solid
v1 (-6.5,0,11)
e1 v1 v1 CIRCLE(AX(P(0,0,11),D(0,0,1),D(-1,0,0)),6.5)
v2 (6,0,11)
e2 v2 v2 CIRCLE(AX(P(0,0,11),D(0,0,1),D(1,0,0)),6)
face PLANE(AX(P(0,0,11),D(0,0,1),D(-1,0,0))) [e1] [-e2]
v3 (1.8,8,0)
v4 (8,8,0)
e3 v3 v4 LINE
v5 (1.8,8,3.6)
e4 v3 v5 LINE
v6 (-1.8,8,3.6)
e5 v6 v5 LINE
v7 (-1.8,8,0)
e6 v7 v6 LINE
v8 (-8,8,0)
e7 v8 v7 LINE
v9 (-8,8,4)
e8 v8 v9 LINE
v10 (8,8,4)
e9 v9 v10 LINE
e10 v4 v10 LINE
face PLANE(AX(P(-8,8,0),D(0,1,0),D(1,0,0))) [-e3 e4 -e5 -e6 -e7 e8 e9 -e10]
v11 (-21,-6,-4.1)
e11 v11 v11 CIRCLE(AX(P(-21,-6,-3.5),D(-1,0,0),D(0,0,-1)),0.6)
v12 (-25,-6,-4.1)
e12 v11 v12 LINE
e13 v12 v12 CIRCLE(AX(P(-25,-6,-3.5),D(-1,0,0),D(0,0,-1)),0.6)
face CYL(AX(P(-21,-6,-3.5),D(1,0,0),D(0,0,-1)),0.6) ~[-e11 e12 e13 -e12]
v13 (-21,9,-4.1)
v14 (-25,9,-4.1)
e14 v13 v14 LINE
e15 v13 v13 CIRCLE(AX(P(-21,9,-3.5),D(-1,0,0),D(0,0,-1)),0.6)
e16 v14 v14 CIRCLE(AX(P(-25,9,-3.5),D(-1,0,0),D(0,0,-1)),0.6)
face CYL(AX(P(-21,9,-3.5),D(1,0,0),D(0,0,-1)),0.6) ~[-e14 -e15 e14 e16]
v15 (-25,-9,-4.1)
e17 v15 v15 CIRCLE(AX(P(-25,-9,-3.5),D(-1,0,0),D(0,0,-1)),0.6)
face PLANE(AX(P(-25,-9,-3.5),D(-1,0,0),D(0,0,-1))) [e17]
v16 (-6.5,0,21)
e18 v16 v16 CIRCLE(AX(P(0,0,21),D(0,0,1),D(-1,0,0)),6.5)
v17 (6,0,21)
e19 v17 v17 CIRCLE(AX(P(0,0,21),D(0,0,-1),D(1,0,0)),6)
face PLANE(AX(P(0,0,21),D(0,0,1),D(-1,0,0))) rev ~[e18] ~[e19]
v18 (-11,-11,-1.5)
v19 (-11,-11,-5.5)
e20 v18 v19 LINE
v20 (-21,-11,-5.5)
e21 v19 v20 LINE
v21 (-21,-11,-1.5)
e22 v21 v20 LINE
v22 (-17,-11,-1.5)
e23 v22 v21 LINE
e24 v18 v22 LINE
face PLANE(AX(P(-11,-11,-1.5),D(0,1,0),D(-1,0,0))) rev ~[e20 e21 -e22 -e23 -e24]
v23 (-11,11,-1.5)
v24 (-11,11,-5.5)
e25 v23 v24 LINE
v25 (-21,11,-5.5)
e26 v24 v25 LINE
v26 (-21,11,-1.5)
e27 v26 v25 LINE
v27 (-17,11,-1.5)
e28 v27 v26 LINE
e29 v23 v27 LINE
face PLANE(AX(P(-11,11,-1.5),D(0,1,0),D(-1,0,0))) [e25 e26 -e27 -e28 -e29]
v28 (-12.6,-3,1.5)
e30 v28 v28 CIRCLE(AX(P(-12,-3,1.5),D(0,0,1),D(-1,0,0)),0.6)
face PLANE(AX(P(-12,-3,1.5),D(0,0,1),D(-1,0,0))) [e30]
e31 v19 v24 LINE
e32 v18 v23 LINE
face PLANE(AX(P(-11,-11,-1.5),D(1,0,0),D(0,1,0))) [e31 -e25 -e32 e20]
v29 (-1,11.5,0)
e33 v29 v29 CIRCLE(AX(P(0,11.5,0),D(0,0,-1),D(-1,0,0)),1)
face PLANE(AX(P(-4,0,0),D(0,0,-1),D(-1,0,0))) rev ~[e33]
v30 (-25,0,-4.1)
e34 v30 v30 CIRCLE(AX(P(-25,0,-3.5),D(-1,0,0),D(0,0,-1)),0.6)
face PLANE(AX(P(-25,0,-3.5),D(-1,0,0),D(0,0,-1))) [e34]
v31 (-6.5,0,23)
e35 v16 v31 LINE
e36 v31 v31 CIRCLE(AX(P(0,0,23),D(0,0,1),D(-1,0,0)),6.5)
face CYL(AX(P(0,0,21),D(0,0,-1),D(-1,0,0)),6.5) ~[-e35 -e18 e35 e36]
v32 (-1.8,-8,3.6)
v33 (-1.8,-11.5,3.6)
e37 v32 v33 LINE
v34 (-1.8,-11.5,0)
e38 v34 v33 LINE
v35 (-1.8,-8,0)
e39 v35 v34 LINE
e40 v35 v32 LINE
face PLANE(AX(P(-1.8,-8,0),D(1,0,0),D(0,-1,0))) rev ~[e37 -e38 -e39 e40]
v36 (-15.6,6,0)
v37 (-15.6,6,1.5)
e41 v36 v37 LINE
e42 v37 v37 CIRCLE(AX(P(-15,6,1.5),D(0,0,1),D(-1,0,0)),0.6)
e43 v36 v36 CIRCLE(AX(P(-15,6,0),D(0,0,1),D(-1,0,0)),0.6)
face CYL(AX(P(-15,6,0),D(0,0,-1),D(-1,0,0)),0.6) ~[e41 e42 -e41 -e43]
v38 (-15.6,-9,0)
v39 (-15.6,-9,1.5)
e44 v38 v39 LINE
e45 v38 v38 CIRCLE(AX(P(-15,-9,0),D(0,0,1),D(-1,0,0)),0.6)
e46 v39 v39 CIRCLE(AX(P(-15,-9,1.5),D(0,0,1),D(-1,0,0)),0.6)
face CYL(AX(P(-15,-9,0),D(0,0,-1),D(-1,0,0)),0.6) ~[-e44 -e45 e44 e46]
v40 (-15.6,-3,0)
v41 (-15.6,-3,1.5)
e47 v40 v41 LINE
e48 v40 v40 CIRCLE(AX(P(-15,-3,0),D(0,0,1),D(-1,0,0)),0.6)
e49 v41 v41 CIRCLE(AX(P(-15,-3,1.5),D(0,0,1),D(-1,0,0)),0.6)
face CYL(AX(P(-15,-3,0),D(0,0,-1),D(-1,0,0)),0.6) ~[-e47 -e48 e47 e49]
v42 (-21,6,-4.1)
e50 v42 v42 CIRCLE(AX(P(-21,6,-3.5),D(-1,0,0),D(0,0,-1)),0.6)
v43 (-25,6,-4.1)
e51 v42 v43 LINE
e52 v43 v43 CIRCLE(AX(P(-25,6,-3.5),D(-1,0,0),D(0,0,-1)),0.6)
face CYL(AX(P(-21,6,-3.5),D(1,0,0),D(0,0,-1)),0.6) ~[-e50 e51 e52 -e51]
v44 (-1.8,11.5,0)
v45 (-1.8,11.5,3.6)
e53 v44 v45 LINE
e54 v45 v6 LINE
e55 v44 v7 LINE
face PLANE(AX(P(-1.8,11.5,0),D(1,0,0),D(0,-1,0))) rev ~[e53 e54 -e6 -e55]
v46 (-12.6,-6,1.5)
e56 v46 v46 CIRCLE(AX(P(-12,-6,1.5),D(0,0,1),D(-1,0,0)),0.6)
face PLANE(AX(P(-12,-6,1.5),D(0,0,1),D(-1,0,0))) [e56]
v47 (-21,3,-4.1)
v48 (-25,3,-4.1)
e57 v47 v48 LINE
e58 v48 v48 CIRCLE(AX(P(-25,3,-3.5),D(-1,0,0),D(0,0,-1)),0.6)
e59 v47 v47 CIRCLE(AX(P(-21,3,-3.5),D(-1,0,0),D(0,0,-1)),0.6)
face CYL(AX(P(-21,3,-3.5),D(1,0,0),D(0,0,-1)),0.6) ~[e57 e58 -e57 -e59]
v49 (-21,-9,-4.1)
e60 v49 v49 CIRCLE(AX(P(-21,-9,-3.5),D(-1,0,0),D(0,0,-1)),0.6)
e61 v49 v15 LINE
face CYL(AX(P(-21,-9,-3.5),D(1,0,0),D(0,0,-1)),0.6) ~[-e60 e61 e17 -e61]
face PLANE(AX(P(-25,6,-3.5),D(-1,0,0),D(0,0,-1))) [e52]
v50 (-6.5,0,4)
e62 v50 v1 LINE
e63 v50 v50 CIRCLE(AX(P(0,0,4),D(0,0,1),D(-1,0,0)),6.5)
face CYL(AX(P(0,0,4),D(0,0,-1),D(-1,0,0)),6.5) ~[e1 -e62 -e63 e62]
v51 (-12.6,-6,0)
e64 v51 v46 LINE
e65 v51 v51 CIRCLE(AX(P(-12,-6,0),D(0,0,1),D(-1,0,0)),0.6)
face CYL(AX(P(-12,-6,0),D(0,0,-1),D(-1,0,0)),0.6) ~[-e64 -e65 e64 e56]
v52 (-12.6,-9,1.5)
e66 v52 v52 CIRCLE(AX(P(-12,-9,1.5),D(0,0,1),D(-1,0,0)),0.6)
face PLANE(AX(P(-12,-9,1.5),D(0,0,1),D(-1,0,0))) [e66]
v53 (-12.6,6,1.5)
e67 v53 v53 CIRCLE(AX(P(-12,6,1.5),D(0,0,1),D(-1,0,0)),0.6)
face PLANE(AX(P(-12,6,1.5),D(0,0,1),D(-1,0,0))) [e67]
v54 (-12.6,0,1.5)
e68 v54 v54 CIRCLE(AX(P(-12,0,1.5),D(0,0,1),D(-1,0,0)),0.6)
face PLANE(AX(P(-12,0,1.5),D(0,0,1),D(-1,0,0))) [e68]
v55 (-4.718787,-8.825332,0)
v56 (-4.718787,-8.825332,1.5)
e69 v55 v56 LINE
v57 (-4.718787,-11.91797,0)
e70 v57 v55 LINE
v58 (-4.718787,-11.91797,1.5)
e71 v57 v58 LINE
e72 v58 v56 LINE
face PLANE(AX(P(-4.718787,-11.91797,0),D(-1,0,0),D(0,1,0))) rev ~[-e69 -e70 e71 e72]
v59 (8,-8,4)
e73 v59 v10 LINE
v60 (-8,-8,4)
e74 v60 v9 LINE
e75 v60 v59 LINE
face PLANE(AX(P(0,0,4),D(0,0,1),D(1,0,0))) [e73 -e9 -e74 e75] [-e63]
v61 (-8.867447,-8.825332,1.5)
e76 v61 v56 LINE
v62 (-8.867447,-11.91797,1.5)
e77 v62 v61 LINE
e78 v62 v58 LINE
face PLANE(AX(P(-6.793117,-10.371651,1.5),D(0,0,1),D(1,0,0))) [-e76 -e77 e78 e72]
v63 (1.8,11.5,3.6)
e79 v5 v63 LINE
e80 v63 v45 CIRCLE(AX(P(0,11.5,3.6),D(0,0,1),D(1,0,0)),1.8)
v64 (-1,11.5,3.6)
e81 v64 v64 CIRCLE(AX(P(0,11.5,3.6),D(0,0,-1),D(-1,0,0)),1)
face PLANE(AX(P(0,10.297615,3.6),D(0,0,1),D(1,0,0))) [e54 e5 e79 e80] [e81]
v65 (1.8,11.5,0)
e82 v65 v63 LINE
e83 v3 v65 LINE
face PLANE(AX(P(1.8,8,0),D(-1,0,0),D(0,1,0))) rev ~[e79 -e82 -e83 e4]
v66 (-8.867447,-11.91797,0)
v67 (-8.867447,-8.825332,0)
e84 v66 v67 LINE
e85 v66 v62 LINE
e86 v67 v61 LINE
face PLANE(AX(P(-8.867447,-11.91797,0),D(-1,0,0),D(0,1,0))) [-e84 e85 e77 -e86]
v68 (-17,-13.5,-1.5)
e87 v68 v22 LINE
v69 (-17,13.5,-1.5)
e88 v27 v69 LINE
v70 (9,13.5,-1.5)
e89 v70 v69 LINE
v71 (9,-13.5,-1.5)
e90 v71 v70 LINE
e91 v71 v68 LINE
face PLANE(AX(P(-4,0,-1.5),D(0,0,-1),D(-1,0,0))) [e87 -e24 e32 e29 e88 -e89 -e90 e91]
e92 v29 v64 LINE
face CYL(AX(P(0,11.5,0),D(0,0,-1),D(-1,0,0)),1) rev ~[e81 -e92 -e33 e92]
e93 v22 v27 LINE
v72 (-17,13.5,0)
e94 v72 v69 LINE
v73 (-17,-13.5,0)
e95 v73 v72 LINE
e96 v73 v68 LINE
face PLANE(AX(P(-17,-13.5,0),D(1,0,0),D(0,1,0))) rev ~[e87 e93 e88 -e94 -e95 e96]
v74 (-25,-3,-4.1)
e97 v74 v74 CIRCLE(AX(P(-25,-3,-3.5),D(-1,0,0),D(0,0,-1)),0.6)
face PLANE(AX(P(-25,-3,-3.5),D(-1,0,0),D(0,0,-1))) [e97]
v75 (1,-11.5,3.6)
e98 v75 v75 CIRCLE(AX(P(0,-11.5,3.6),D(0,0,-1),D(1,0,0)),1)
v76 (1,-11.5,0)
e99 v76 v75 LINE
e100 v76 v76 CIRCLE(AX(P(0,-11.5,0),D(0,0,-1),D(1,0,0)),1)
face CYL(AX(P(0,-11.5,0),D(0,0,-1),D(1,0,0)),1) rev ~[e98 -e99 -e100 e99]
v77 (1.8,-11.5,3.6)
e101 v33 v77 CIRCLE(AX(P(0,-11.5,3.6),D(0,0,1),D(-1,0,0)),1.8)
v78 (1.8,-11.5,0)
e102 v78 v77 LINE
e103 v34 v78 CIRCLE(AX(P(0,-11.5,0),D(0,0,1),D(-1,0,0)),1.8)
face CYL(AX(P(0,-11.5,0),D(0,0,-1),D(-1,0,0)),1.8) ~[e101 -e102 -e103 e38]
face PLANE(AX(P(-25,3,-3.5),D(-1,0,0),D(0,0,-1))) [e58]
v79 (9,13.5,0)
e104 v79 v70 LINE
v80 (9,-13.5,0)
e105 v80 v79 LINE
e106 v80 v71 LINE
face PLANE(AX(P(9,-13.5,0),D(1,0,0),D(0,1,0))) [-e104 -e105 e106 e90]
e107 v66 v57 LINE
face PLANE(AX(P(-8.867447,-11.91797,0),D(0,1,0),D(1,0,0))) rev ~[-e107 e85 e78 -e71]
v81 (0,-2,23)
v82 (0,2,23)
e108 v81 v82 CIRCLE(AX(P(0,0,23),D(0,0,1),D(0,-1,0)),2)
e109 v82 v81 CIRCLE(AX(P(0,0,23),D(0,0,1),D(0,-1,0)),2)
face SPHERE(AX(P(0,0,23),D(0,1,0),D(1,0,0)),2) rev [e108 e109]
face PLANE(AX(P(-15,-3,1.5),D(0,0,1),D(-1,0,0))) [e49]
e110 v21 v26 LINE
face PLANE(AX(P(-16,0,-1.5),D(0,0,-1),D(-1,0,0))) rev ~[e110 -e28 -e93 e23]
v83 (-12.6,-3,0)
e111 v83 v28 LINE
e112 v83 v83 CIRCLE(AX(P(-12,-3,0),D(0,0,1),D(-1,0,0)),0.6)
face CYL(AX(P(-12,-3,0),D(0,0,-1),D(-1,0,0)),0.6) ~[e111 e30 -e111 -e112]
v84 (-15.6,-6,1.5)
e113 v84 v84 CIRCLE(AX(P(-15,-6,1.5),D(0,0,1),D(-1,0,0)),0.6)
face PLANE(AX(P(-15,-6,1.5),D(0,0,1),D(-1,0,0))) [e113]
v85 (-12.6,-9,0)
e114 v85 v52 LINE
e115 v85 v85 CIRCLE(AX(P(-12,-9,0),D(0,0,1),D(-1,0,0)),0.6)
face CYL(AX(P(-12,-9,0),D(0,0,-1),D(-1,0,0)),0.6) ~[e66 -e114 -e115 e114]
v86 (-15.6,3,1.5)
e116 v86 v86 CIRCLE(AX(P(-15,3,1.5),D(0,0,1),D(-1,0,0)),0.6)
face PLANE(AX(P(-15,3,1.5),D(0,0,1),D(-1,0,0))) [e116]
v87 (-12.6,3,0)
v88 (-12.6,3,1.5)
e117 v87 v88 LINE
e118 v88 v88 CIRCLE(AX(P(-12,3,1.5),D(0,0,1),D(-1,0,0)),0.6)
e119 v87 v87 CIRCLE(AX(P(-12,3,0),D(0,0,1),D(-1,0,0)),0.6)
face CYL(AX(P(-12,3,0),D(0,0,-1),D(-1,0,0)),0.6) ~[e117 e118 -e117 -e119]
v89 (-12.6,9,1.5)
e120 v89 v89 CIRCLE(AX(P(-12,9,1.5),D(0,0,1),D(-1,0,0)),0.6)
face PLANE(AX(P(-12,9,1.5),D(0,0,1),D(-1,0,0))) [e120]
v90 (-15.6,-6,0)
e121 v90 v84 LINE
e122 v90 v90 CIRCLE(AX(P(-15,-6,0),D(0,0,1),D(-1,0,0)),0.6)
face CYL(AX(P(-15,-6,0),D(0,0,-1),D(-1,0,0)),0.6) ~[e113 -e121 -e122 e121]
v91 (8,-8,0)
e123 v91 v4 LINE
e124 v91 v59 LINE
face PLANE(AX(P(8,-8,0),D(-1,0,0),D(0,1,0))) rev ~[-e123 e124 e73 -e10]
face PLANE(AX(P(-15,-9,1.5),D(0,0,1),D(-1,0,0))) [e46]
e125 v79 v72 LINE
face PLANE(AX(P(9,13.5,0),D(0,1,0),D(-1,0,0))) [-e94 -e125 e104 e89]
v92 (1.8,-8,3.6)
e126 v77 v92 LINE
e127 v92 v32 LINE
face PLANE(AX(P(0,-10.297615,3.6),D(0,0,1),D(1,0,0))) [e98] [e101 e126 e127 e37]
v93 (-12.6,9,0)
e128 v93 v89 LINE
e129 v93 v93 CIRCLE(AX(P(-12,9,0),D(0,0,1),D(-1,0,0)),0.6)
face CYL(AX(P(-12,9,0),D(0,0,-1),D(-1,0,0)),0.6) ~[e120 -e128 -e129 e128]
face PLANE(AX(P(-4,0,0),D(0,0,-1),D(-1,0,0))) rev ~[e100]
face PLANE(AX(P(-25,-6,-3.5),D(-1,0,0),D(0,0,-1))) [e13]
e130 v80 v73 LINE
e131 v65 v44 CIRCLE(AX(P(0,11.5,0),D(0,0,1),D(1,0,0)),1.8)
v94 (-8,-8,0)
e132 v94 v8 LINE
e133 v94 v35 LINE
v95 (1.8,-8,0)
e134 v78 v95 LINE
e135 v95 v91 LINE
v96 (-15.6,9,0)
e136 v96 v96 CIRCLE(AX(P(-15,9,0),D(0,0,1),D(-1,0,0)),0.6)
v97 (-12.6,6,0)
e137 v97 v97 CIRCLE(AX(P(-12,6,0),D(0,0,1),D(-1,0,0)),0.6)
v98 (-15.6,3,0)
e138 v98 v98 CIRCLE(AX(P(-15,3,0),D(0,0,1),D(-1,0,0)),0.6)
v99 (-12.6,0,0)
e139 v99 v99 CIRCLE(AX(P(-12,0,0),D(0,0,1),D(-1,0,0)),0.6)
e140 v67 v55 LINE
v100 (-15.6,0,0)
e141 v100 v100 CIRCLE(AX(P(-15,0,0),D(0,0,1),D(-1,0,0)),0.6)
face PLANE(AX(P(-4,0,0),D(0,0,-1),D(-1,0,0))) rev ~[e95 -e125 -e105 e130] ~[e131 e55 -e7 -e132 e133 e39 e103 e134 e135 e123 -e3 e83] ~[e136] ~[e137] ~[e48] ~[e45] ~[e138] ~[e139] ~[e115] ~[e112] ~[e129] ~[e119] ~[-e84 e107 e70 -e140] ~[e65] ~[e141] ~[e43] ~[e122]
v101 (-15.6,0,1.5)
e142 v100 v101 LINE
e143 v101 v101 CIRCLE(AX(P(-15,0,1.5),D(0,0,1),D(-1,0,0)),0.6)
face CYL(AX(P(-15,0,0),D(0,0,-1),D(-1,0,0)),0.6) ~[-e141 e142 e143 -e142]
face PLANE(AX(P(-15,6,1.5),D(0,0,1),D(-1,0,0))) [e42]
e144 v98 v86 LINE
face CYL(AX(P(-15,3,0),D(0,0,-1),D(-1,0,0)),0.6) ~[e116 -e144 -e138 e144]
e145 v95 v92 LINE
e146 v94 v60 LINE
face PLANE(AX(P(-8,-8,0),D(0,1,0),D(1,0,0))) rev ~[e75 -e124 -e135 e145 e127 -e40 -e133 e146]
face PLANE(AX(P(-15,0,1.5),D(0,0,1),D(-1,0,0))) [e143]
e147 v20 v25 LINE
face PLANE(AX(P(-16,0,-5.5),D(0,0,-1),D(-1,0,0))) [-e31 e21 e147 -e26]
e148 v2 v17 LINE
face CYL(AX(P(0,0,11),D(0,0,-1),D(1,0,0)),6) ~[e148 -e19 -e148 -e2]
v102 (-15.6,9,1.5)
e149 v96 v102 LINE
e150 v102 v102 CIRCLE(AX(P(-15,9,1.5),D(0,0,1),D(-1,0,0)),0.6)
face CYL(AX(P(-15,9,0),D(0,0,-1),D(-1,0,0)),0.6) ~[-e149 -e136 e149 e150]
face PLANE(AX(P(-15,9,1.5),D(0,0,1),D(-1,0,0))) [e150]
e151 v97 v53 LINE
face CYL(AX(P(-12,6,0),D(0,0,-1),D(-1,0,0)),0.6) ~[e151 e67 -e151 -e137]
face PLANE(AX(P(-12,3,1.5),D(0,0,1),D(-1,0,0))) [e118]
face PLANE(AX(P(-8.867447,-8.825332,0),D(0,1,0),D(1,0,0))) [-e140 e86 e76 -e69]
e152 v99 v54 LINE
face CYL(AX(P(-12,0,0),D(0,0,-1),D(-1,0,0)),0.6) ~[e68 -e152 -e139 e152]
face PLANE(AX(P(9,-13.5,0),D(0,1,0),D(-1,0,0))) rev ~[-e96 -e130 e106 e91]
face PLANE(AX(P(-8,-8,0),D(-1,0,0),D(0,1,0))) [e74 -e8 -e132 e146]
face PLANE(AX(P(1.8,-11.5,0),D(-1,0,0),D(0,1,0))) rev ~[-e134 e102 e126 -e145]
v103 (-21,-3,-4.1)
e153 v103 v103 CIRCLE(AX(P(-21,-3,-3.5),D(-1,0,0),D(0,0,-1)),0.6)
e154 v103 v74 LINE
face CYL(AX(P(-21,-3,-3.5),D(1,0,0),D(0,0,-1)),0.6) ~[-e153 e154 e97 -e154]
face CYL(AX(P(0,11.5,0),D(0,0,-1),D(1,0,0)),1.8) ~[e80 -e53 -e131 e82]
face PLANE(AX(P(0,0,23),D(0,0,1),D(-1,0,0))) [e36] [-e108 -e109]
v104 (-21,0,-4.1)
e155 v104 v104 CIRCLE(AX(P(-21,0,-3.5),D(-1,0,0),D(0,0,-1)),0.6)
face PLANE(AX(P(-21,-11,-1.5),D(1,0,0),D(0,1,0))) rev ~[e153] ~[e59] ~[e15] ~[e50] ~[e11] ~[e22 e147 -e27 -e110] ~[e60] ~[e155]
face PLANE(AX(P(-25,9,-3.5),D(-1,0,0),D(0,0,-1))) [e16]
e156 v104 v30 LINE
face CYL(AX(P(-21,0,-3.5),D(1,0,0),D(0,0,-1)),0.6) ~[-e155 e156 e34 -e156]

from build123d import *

# Parameters (mm, degrees)
SKETCH_1_W       = 16
SKETCH_1_H       = 16
EXTRUDE_1_DEPTH  = 4
SKETCH_2_R       = 6.5
EXTRUDE_2_DEPTH  = 7
SKETCH_3_R       = 6
EXTRUDE_3_DEPTH  = 12
EXTRUDE_START    = -2
SKETCH_4_R       = 6.5
EXTRUDE_4_DEPTH  = 2
SKETCH_6_R       = 1
EXTRUDE_5_DEPTH  = 3.6
SKETCH_7_W       = 26
SKETCH_7_H       = 27
EXTRUDE_6_DEPTH  = 1.5
SKETCH_8_W       = 10
SKETCH_8_H       = 22
EXTRUDE_7_DEPTH  = 4
SKETCH_9_R       = 0.6
EXTRUDE_8_DEPTH  = 4
SKETCH_10_R      = 0.6
EXTRUDE_9_DEPTH  = 1.5
SKETCH_11_W      = 4.148660329
SKETCH_11_H      = 3.0926377
EXTRUDE_10_DEPTH = 1.5


with BuildPart() as part:
    # 草图1 → 凸台-拉伸1 (new body)
    with BuildSketch(Plane.XY):
        Rectangle(SKETCH_1_W, SKETCH_1_H)
    extrude(amount=EXTRUDE_1_DEPTH)

    # 草图2 → 凸台-拉伸2 (add)
    with BuildSketch(Plane.XY.offset(4)):
        with Locations(Location((0, 0, 0), (0, 0, 180))):
            Circle(SKETCH_2_R)
    extrude(amount=EXTRUDE_2_DEPTH)

    # 草图3 → 凸台-拉伸3 (add)
    with BuildSketch(Plane.XY.offset(11)):
        Circle(SKETCH_3_R)
    extrude(amount=EXTRUDE_3_DEPTH)

    # 草图4 → 凸台-拉伸4 (add)
    with BuildSketch(Plane.XY.offset(23).offset(EXTRUDE_START)):
        with Locations(Location((0, 0, 0), (0, 0, 180))):
            Circle(SKETCH_4_R)
    extrude(amount=EXTRUDE_4_DEPTH)

    # 草图5 → 切除-旋转2 (revolve, cut)
    with BuildSketch(Plane.XY.offset(23)):
        with BuildLine():
            Line((0, 2), (0, -2))
            ThreePointArc((0, -2), (2, 0), (0, 2))
        make_face()
    revolve(axis=Axis((0, 2, 23), (0, -1, 0)), mode=Mode.SUBTRACT)

    # 草图6 → 凸台-拉伸5 (add)
    # profile 1 of 2: a face of its own
    with BuildSketch(Plane(origin=(0, 0, 0), x_dir=(-1, 0, 0), z_dir=(0, 0, -1))):
        with BuildLine():
            Line((-1.8, 8), (-1.8, 11.5))
            ThreePointArc((-1.8, 11.5), (0, 13.3), (1.8, 11.5))
            Line((1.8, 11.5), (1.8, 8))
            Line((1.8, 8), (-1.8, 8))
        make_face()
        with Locations((0, 11.5)):
            Circle(SKETCH_6_R, mode=Mode.SUBTRACT)
    # profile 2 of 2: a face of its own
    with BuildSketch(Plane(origin=(0, 0, 0), x_dir=(-1, 0, 0), z_dir=(0, 0, -1))):
        with BuildLine():
            Line((-1.8, -8), (1.8, -8))
            Line((1.8, -8), (1.8, -11.5))
            ThreePointArc((1.8, -11.5), (0, -13.3), (-1.8, -11.5))
            Line((-1.8, -11.5), (-1.8, -8))
        make_face()
        with Locations(Location((0, -11.5, 0), (0, 0, 180))):
            Circle(SKETCH_6_R, mode=Mode.SUBTRACT)
    extrude(amount=-EXTRUDE_5_DEPTH)

    # 草图7 → 凸台-拉伸6 (add)
    with BuildSketch(Plane(origin=(0, 0, 0), x_dir=(-1, 0, 0), z_dir=(0, 0, -1))):
        with Locations((4, 0)):
            Rectangle(SKETCH_7_W, SKETCH_7_H)
    extrude(amount=EXTRUDE_6_DEPTH)

    # 草图8 → 凸台-拉伸7 (add)
    with BuildSketch(Plane(origin=(0, 0, -1.5), x_dir=(-1, 0, 0), z_dir=(0, 0, -1))):
        with Locations((16, 0)):
            Rectangle(SKETCH_8_W, SKETCH_8_H)
    extrude(amount=EXTRUDE_7_DEPTH)

    # 草图9 → 凸台-拉伸8 (add)
    with BuildSketch(Plane.ZY.offset(21)):
        with Locations(Location((-3.5, 0, 0), (0, 0, 180))):
            Circle(SKETCH_9_R)
        with Locations(Location((-3.5, 3, 0), (0, 0, 180))):
            Circle(SKETCH_9_R)
        with Locations(Location((-3.5, 6, 0), (0, 0, 180))):
            Circle(SKETCH_9_R)
        with Locations(Location((-3.5, 9, 0), (0, 0, 180))):
            Circle(SKETCH_9_R)
        with Locations(Location((-3.5, -9, 0), (0, 0, 180))):
            Circle(SKETCH_9_R)
        with Locations(Location((-3.5, -6, 0), (0, 0, 180))):
            Circle(SKETCH_9_R)
        with Locations(Location((-3.5, -3, 0), (0, 0, 180))):
            Circle(SKETCH_9_R)
    extrude(amount=EXTRUDE_8_DEPTH)

    # 草图10 → 凸台-拉伸9 (add)
    with BuildSketch(Plane.XY):
        with Locations(Location((-12, 9, 0), (0, 0, 180))):
            Circle(SKETCH_10_R)
        with Locations(Location((-15, 9, 0), (0, 0, 180))):
            Circle(SKETCH_10_R)
        with Locations(Location((-15, 6, 0), (0, 0, 180))):
            Circle(SKETCH_10_R)
        with Locations(Location((-15, 3, 0), (0, 0, 180))):
            Circle(SKETCH_10_R)
        with Locations(Location((-15, 0, 0), (0, 0, 180))):
            Circle(SKETCH_10_R)
        with Locations(Location((-15, -3, 0), (0, 0, 180))):
            Circle(SKETCH_10_R)
        with Locations(Location((-15, -6, 0), (0, 0, 180))):
            Circle(SKETCH_10_R)
        with Locations(Location((-15, -9, 0), (0, 0, 180))):
            Circle(SKETCH_10_R)
        with Locations(Location((-12, 6, 0), (0, 0, 180))):
            Circle(SKETCH_10_R)
        with Locations(Location((-12, 3, 0), (0, 0, 180))):
            Circle(SKETCH_10_R)
        with Locations(Location((-12, 0, 0), (0, 0, 180))):
            Circle(SKETCH_10_R)
        with Locations(Location((-12, -3, 0), (0, 0, 180))):
            Circle(SKETCH_10_R)
        with Locations(Location((-12, -6, 0), (0, 0, 180))):
            Circle(SKETCH_10_R)
        with Locations(Location((-12, -9, 0), (0, 0, 180))):
            Circle(SKETCH_10_R)
    extrude(amount=EXTRUDE_9_DEPTH)

    # 草图11 → 凸台-拉伸10 (add)
    with BuildSketch(Plane.XY):
        with Locations((-6.793116996, -10.371650821)):
            Rectangle(SKETCH_11_W, SKETCH_11_H)
    extrude(amount=EXTRUDE_10_DEPTH)


solid = part.part
